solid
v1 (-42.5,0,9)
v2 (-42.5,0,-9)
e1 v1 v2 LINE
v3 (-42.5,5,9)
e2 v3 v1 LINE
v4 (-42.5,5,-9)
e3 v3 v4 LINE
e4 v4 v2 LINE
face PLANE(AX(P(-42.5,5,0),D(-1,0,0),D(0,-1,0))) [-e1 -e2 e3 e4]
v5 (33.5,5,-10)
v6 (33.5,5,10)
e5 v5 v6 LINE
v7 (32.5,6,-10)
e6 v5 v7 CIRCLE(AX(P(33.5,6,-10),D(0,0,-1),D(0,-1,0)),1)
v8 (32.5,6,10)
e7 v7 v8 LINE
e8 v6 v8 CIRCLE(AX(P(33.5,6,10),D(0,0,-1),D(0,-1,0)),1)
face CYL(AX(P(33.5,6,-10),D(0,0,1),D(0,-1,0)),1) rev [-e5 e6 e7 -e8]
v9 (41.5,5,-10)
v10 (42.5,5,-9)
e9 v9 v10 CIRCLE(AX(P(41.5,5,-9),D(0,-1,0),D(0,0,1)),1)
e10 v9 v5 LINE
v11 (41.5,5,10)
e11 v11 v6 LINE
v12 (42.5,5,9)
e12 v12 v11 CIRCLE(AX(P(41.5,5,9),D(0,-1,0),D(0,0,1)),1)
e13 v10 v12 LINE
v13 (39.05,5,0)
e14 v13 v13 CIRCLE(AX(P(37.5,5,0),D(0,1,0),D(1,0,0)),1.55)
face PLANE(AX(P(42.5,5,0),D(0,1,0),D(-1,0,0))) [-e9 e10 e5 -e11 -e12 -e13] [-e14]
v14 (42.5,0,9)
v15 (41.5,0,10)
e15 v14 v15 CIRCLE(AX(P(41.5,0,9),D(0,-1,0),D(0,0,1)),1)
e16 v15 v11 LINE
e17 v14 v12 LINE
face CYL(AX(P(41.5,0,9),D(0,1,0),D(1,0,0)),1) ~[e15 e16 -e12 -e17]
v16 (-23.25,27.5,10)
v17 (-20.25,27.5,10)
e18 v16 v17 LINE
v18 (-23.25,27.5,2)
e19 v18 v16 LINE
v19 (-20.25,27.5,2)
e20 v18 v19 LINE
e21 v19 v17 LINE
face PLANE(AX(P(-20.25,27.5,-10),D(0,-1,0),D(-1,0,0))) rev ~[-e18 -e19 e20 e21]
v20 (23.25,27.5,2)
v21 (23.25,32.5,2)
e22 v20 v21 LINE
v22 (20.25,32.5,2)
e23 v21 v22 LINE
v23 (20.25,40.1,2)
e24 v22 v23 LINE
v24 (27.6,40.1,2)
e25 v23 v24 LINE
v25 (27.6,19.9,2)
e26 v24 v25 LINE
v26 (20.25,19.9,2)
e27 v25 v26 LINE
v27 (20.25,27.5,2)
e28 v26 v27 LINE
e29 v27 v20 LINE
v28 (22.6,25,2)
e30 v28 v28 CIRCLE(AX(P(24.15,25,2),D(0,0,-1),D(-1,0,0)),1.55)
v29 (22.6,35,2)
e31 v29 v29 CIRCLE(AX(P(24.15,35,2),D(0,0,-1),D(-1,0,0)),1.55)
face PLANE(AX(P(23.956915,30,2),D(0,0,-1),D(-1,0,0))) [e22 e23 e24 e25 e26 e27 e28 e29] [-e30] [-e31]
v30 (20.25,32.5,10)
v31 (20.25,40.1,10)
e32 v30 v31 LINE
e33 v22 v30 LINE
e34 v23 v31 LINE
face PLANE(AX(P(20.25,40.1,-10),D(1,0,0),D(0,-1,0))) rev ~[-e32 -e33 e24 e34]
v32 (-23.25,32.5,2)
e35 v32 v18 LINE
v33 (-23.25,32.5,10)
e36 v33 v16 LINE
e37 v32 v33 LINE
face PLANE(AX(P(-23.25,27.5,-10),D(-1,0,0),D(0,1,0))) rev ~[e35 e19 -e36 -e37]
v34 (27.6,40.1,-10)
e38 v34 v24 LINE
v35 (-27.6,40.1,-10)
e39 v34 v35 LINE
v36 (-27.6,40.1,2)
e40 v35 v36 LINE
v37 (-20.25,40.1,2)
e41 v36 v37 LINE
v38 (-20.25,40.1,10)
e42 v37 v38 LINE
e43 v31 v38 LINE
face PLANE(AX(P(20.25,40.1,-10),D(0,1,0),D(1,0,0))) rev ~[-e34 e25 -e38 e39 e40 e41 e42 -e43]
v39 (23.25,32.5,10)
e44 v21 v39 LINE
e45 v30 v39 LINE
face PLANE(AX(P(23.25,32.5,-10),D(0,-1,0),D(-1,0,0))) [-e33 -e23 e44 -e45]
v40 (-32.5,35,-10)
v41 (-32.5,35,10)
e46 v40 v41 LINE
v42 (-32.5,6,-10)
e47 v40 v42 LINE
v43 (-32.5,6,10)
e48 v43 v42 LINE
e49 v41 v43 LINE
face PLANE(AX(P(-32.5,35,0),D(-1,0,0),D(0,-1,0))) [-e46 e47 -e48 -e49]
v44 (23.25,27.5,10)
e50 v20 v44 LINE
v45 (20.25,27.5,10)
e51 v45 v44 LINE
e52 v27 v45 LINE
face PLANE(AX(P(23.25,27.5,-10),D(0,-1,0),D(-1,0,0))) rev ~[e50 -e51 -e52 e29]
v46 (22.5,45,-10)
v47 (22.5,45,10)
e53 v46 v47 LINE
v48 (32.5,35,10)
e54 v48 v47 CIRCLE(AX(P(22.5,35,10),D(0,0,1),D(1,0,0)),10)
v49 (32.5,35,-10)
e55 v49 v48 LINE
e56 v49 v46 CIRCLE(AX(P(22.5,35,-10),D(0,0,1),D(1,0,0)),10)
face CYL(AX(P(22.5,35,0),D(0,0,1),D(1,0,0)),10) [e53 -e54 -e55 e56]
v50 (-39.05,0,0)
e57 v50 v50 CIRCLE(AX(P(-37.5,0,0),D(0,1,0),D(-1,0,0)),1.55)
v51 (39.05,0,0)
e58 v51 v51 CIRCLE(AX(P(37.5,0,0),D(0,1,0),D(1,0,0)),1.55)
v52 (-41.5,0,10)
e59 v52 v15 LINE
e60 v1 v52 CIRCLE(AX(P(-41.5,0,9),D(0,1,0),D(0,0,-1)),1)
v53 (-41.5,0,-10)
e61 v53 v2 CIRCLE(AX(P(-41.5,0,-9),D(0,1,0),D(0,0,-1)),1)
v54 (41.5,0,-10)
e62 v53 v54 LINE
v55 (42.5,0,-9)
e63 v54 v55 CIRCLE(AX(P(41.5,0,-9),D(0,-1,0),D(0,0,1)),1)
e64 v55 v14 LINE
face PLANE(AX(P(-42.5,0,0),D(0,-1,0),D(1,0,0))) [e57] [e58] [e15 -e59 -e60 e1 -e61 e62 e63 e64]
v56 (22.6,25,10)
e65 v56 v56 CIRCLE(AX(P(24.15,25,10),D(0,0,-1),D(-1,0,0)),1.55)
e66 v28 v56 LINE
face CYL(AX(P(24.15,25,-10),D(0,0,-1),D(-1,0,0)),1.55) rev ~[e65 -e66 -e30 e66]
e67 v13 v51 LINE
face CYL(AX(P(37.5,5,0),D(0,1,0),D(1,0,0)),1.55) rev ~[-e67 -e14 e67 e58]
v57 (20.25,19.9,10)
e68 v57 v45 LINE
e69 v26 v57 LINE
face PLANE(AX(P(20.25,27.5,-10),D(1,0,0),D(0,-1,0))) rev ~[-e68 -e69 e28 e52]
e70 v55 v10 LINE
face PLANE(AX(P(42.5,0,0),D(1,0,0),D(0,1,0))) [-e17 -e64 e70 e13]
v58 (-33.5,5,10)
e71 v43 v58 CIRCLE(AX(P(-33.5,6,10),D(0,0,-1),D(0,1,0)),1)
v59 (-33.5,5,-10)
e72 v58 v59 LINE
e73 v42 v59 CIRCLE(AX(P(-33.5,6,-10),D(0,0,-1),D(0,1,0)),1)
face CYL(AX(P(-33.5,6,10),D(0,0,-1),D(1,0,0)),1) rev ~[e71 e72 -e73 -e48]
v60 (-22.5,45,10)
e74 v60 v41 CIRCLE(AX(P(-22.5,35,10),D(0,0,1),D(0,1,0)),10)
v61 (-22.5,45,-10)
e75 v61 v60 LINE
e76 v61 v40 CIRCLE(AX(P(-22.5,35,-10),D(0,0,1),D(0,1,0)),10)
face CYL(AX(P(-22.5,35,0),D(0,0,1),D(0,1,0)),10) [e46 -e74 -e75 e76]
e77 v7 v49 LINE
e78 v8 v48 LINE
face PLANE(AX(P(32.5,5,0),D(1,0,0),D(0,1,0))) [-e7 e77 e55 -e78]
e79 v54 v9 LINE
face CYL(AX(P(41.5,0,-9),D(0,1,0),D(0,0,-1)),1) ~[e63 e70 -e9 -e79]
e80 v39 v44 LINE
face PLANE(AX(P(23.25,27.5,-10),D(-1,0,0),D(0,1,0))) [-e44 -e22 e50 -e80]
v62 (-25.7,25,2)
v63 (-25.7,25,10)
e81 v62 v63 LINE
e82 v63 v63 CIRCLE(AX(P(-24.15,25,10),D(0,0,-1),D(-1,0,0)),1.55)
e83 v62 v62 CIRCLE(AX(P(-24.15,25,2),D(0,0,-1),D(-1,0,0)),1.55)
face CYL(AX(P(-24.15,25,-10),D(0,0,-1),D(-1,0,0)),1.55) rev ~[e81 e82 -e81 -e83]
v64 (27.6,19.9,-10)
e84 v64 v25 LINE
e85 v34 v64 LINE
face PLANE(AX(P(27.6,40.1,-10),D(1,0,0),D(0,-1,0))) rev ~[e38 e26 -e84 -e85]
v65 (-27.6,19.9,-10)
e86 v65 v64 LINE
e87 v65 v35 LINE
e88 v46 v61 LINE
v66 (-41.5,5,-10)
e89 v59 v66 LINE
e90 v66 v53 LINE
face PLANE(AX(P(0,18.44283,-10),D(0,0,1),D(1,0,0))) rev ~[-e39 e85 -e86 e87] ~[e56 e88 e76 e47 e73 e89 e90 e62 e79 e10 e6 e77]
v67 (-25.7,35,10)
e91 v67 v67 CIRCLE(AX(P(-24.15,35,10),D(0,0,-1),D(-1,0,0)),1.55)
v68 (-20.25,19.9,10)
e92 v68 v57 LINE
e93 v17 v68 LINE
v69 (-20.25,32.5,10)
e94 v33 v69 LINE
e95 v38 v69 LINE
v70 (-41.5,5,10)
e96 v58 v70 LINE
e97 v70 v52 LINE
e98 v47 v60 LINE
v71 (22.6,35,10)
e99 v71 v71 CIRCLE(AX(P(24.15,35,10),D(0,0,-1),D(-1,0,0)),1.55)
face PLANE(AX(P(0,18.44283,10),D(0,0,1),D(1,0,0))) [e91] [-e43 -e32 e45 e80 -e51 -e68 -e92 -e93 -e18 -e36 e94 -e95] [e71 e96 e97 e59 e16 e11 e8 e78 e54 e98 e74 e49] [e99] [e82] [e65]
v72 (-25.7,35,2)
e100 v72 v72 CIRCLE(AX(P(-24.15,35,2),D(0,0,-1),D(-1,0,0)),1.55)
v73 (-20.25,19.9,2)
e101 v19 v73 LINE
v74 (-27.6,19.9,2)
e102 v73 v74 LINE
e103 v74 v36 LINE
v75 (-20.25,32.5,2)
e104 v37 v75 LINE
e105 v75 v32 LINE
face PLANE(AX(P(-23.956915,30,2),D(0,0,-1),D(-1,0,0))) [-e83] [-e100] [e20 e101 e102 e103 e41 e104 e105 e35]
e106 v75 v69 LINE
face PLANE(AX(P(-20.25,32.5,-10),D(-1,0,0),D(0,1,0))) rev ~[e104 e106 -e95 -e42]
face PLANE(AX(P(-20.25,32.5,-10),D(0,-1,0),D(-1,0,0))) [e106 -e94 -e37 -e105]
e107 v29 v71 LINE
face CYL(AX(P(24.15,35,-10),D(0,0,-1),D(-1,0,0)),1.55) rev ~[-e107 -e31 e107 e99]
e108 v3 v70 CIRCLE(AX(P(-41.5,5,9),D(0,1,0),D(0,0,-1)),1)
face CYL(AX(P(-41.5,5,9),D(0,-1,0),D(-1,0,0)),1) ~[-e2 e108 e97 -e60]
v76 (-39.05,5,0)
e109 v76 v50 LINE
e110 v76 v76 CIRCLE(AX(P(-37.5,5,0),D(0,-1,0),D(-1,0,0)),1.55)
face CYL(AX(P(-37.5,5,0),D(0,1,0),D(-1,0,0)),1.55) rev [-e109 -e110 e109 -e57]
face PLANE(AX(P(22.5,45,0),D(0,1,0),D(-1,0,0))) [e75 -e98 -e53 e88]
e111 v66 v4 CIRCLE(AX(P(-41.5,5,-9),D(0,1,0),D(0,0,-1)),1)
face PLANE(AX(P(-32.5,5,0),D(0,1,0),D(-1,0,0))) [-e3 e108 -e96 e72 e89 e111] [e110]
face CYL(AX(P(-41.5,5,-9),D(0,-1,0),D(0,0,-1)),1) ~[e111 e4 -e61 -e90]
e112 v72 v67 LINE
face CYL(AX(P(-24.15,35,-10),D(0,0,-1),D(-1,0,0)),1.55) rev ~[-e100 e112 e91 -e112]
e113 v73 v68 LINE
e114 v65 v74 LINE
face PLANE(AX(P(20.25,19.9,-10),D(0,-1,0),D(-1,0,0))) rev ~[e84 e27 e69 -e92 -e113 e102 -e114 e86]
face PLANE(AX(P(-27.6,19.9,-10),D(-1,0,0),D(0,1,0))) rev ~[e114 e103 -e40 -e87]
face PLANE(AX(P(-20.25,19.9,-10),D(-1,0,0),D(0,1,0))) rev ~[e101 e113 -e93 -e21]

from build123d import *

# Parameters (mm, degrees)
BOSS_EXTRUDE1_DEPTH = 10
SKETCH3_R           = 1.55
CUT_EXTRUDE1_DEPTH  = 12
SKETCH3_3_R         = 1.55
CUT_EXTRUDE3_DEPTH  = 66.048059156
SKETCH5_R           = 1.55
CUT_EXTRUDE4_DEPTH  = 60.213596412
FILLET1_R           = 1


with BuildPart() as part:
    # Sketch1 → Boss-Extrude1 (new, symmetric)
    with BuildSketch(Plane.XY):
        with BuildLine():
            Line((-42.5, 0), (42.5, 0))
            Line((42.5, 0), (42.5, 5))
            Line((42.5, 5), (32.5, 5))
            Line((32.5, 5), (32.5, 35))
            ThreePointArc((32.5, 35), (29.571067812, 42.071067812), (22.5, 45))
            Line((22.5, 45), (-22.5, 45))
            ThreePointArc((-22.5, 45), (-29.571067812, 42.071067812), (-32.5, 35))
            Line((-32.5, 35), (-32.5, 5))
            Line((-32.5, 5), (-42.5, 5))
            Line((-42.5, 5), (-42.5, 0))
        make_face()
    extrude(amount=BOSS_EXTRUDE1_DEPTH, both=True)

    # Sketch3 → Cut-Extrude1 (cut)
    # profile 1 of 2: a face of its own
    with BuildSketch(Plane(origin=(0, 0, -10), x_dir=(-1, 0, 0), z_dir=(0, 0, -1))):
        Polygon((-27.6, 40.1), (-27.6, 19.9), (-20.25, 19.9), (-20.25, 27.5), (-23.25, 27.5), (-23.25, 32.5), (-20.25, 32.5), (-20.25, 40.1), align=None)
        with Locations((-24.15, 25)):
            Circle(SKETCH3_R, mode=Mode.SUBTRACT)
        with Locations((-24.15, 35)):
            Circle(SKETCH3_R, mode=Mode.SUBTRACT)
    # profile 2 of 2: a face of its own
    with BuildSketch(Plane(origin=(0, 0, -10), x_dir=(-1, 0, 0), z_dir=(0, 0, -1))):
        Polygon((20.25, 27.5), (20.25, 19.9), (27.6, 19.9), (27.6, 40.1), (20.25, 40.1), (20.25, 32.5), (23.25, 32.5), (23.25, 27.5), align=None)
        with Locations((24.15, 25)):
            Circle(SKETCH3_R, mode=Mode.SUBTRACT)
        with Locations((24.15, 35)):
            Circle(SKETCH3_R, mode=Mode.SUBTRACT)
    extrude(amount=-CUT_EXTRUDE1_DEPTH, mode=Mode.SUBTRACT)

    # Sketch3<3> → Cut-Extrude3 (cut, through all)
    with BuildSketch(Plane(origin=(0, 0, -10), x_dir=(-1, 0, 0), z_dir=(0, 0, -1))):
        Polygon((-20.25, 27.5), (-20.25, 19.9), (20.25, 19.9), (20.25, 27.5), (23.25, 27.5), (23.25, 32.5), (20.25, 32.5), (20.25, 40.1), (-20.25, 40.1), (-20.25, 32.5), (-23.25, 32.5), (-23.25, 27.5), align=None)
        with Locations((-24.15, 25)):
            Circle(SKETCH3_3_R)
        with Locations((24.15, 25)):
            Circle(SKETCH3_3_R)
        with Locations((-24.15, 35)):
            Circle(SKETCH3_3_R)
        with Locations((24.15, 35)):
            Circle(SKETCH3_3_R)
    extrude(amount=-CUT_EXTRUDE3_DEPTH, mode=Mode.SUBTRACT)

    # Sketch5 → Cut-Extrude4 (cut, through all)
    with BuildSketch(Plane(origin=(0, 5, 0), x_dir=(1, 0, 0), z_dir=(0, 1, 0))):
        with Locations((37.5, 0)):
            Circle(SKETCH5_R)
    cut_extrude4 = extrude(amount=-CUT_EXTRUDE4_DEPTH, mode=Mode.SUBTRACT)

    # Mirror3: Cut-Extrude4 across plane
    add(cut_extrude4.mirror(Plane(origin=(0, 0, 0), x_dir=(0, 0, 1), z_dir=(1, 0, 0))), mode=Mode.SUBTRACT)

    # Fillet1
    fillet1_edges = [part.edges().sort_by_distance(p)[0] for p in [
        (42.5, 2.5, 10),
        (42.5, 2.5, -10),
        (32.5, 5, 0),
        (-42.5, 2.5, 10),
        (-42.5, 2.5, -10),
        (-32.5, 5, 0),
    ]]
    fillet(fillet1_edges, radius=FILLET1_R)


solid = part.part
